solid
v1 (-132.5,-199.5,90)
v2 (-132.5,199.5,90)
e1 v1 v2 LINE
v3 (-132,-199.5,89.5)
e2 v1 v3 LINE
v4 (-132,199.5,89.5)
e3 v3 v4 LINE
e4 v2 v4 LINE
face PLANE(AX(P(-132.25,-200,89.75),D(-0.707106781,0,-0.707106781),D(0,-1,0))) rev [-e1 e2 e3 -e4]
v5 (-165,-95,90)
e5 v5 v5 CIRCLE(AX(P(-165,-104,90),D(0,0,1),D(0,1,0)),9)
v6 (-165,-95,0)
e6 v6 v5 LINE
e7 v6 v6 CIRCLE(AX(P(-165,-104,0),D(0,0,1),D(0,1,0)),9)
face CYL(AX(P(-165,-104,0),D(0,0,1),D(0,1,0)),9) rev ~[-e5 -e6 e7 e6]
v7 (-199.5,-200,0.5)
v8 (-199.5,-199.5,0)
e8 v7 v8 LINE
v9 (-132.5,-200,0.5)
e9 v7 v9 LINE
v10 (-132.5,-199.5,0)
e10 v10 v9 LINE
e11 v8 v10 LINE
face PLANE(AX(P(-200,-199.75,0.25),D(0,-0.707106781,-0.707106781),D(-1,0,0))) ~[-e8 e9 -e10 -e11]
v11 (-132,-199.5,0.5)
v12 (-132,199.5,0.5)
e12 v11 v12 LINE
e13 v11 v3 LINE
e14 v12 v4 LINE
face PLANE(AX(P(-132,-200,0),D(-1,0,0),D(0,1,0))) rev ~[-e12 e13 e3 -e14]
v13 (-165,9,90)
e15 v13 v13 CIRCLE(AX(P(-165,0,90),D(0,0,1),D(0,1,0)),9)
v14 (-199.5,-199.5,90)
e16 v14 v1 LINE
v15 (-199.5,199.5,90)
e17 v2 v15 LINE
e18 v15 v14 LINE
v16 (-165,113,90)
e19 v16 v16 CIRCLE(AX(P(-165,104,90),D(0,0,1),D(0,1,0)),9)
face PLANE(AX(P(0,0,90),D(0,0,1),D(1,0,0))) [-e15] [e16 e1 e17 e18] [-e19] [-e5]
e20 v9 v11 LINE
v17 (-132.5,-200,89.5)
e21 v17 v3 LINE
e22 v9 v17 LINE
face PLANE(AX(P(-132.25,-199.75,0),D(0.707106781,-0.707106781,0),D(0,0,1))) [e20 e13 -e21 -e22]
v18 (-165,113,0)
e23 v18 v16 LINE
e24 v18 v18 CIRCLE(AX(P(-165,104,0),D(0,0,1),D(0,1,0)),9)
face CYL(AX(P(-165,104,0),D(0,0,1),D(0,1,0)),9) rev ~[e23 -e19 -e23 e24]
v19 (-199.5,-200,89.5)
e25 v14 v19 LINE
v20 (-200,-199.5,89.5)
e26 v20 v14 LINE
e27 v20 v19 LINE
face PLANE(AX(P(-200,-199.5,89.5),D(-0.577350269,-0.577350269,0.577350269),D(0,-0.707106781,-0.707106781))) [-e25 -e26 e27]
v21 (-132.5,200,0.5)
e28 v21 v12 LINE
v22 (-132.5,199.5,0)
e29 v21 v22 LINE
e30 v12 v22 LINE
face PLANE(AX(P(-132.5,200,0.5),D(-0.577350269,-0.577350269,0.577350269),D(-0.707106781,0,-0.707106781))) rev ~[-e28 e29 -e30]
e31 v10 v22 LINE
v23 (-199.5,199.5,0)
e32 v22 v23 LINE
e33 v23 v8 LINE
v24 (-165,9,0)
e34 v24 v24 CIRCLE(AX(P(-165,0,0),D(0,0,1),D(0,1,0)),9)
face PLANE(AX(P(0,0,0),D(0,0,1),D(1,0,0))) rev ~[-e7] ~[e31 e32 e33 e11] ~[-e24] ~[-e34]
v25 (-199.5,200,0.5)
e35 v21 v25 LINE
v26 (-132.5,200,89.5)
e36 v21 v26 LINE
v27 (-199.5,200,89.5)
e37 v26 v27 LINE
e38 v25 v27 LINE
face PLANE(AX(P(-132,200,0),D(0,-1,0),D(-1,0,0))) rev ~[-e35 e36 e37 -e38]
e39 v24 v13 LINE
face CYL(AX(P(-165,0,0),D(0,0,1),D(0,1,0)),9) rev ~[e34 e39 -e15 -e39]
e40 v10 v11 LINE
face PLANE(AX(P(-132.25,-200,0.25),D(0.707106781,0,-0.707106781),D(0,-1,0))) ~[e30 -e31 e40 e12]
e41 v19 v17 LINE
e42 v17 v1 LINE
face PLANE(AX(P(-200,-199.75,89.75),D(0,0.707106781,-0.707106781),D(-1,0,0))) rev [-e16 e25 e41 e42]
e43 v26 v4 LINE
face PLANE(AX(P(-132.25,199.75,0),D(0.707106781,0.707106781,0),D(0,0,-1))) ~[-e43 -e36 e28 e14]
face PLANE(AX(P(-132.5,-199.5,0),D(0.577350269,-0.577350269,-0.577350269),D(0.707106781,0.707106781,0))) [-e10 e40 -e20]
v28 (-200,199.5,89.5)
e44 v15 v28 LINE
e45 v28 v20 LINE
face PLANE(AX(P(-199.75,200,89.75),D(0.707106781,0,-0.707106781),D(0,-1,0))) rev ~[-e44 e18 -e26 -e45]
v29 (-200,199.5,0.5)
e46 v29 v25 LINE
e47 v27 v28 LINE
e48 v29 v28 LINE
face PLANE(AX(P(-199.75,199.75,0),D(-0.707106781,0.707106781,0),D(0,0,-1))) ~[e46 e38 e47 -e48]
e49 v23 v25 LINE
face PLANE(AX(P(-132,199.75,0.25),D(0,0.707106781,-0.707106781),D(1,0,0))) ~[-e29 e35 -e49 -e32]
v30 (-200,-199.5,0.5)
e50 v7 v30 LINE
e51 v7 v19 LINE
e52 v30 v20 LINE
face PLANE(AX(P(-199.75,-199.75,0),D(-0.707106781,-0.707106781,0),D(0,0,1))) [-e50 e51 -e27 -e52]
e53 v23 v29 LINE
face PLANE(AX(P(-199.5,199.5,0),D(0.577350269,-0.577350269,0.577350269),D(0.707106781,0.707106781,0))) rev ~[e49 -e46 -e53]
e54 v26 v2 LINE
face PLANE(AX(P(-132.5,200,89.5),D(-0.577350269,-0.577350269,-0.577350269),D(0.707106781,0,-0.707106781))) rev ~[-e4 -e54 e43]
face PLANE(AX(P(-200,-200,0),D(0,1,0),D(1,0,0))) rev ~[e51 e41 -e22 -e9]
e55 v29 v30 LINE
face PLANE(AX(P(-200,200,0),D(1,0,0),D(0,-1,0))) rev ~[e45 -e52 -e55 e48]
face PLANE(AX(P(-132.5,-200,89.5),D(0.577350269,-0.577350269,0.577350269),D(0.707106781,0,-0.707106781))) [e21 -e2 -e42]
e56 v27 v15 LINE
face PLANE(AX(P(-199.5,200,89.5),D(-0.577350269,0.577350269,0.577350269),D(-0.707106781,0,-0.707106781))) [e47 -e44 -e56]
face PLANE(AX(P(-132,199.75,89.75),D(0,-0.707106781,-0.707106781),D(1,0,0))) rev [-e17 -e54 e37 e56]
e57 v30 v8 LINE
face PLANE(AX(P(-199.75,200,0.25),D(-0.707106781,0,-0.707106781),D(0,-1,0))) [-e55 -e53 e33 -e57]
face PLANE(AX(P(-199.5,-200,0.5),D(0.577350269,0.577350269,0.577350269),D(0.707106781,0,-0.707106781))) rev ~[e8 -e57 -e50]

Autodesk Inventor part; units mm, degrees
ref_plane "YZ Plane" through (0, 0, 0) normal (1, 0, 0) x (0, 1, 0)
sketch "Sketch1" plane through (0, 0, 0) normal (0, 0, 1) x (1, 0, 0)
  line L0 (-132, 200) -> (-200, 200)
  line L1 (-200, 200) -> (-200, -200)
  line L2 (-200, -200) -> (-132, -200)
  line L3 (-132, -200) -> (-132, 200)
  line L4 (200, 200) -> (200, -200)
  line L5 (132, -200) -> (132, 200)
  line L6 (132, 200) -> (200, 200)
  line L7 (132, -200) -> (200, -200)
  point P0 (0, 0)
  point P1 (-132, 0)
  point P2 (132, 0)
  point P3 (-165, 104)
  point P4 (165, 104)
  dimension "d85" = 400
  dimension "d86" = 68
  dimension "d88" = 68
  dimension "d89" = 200
  dimension "d93" = 400
  dimension "d94" = 200
  dimension "d98" = 104
  dimension "d100" = 165
  dimension "d101" = 165
  dimension "d102" = 104
extrude "Extrusion1" add sketch "Sketch1" along normal blind 90 contours L3 L2 L1 L0
extrude "Extrusion2" [suppressed]
hole "Hole1" at (-165, 104, 0) direction (0, 0, 1) diameter 18 depth 90
pattern_linear "Rectangular Pattern1" count 3 spacing 104 along (0, -1, 0) of "Hole1"
hole "Hole2" [suppressed]
pattern_linear "Rectangular Pattern2" [suppressed]
ref_plane "Work Plane1" through (0, 0, 90) normal (0, 0, 1) x (1, 0, 0)
ref_plane "Work Plane2" through (0, 0, 0) normal (0, 0, -1) x (-1, 0, 0)
chamfer "Chamfer1" distance 0.5 angle 45 12 edges at (-132, 0, 90) (-166, -200, 90) (-200, 0, 90) (-166, 200, 90) (-200, 200, 45) (-200, 0, 0) (-200, -200, 45) (-132, -200, 45) (-166, -200, 0) (-132, 0, 0) (-132, 200, 45) (-166, 200, 0)
chamfer "Chamfer2" [suppressed]
equation "\"d85\" = L"
equation "\"d86\" = W_"
equation "\"d88\" = W_"
equation "\"d89\" = 0.5 * M_W"
equation "\"d93\" = L"
equation "\"d94\" = 0.5 * M_W"
equation "\"d98\" = 0.5 * S1_L"
equation "\"d100\" = 0.5 * S1_W"
equation "\"d101\" = 0.5 * S1_W"
equation "\"d102\" = 0.5 * S1_L"
equation "\"d20\" = H_"
equation "\"d95\" = H_"
equation "\"d129\" = S1_d1"
equation "\"d134\" = H_"
equation "\"d122\" = S1_d1"
equation "\"d127\" = H_"
equation "\"L\" = 400"
equation "\"W_\" = 68"
equation "\"H_\" = 90"
equation "\"S1_L\" = 208"
equation "\"S1_d1\" = 18"
equation "\"M_W\" = 400"
equation "\"S1_W\" = 330"
properties part number "SA-SB-400x400x90" material "S 55 C"
